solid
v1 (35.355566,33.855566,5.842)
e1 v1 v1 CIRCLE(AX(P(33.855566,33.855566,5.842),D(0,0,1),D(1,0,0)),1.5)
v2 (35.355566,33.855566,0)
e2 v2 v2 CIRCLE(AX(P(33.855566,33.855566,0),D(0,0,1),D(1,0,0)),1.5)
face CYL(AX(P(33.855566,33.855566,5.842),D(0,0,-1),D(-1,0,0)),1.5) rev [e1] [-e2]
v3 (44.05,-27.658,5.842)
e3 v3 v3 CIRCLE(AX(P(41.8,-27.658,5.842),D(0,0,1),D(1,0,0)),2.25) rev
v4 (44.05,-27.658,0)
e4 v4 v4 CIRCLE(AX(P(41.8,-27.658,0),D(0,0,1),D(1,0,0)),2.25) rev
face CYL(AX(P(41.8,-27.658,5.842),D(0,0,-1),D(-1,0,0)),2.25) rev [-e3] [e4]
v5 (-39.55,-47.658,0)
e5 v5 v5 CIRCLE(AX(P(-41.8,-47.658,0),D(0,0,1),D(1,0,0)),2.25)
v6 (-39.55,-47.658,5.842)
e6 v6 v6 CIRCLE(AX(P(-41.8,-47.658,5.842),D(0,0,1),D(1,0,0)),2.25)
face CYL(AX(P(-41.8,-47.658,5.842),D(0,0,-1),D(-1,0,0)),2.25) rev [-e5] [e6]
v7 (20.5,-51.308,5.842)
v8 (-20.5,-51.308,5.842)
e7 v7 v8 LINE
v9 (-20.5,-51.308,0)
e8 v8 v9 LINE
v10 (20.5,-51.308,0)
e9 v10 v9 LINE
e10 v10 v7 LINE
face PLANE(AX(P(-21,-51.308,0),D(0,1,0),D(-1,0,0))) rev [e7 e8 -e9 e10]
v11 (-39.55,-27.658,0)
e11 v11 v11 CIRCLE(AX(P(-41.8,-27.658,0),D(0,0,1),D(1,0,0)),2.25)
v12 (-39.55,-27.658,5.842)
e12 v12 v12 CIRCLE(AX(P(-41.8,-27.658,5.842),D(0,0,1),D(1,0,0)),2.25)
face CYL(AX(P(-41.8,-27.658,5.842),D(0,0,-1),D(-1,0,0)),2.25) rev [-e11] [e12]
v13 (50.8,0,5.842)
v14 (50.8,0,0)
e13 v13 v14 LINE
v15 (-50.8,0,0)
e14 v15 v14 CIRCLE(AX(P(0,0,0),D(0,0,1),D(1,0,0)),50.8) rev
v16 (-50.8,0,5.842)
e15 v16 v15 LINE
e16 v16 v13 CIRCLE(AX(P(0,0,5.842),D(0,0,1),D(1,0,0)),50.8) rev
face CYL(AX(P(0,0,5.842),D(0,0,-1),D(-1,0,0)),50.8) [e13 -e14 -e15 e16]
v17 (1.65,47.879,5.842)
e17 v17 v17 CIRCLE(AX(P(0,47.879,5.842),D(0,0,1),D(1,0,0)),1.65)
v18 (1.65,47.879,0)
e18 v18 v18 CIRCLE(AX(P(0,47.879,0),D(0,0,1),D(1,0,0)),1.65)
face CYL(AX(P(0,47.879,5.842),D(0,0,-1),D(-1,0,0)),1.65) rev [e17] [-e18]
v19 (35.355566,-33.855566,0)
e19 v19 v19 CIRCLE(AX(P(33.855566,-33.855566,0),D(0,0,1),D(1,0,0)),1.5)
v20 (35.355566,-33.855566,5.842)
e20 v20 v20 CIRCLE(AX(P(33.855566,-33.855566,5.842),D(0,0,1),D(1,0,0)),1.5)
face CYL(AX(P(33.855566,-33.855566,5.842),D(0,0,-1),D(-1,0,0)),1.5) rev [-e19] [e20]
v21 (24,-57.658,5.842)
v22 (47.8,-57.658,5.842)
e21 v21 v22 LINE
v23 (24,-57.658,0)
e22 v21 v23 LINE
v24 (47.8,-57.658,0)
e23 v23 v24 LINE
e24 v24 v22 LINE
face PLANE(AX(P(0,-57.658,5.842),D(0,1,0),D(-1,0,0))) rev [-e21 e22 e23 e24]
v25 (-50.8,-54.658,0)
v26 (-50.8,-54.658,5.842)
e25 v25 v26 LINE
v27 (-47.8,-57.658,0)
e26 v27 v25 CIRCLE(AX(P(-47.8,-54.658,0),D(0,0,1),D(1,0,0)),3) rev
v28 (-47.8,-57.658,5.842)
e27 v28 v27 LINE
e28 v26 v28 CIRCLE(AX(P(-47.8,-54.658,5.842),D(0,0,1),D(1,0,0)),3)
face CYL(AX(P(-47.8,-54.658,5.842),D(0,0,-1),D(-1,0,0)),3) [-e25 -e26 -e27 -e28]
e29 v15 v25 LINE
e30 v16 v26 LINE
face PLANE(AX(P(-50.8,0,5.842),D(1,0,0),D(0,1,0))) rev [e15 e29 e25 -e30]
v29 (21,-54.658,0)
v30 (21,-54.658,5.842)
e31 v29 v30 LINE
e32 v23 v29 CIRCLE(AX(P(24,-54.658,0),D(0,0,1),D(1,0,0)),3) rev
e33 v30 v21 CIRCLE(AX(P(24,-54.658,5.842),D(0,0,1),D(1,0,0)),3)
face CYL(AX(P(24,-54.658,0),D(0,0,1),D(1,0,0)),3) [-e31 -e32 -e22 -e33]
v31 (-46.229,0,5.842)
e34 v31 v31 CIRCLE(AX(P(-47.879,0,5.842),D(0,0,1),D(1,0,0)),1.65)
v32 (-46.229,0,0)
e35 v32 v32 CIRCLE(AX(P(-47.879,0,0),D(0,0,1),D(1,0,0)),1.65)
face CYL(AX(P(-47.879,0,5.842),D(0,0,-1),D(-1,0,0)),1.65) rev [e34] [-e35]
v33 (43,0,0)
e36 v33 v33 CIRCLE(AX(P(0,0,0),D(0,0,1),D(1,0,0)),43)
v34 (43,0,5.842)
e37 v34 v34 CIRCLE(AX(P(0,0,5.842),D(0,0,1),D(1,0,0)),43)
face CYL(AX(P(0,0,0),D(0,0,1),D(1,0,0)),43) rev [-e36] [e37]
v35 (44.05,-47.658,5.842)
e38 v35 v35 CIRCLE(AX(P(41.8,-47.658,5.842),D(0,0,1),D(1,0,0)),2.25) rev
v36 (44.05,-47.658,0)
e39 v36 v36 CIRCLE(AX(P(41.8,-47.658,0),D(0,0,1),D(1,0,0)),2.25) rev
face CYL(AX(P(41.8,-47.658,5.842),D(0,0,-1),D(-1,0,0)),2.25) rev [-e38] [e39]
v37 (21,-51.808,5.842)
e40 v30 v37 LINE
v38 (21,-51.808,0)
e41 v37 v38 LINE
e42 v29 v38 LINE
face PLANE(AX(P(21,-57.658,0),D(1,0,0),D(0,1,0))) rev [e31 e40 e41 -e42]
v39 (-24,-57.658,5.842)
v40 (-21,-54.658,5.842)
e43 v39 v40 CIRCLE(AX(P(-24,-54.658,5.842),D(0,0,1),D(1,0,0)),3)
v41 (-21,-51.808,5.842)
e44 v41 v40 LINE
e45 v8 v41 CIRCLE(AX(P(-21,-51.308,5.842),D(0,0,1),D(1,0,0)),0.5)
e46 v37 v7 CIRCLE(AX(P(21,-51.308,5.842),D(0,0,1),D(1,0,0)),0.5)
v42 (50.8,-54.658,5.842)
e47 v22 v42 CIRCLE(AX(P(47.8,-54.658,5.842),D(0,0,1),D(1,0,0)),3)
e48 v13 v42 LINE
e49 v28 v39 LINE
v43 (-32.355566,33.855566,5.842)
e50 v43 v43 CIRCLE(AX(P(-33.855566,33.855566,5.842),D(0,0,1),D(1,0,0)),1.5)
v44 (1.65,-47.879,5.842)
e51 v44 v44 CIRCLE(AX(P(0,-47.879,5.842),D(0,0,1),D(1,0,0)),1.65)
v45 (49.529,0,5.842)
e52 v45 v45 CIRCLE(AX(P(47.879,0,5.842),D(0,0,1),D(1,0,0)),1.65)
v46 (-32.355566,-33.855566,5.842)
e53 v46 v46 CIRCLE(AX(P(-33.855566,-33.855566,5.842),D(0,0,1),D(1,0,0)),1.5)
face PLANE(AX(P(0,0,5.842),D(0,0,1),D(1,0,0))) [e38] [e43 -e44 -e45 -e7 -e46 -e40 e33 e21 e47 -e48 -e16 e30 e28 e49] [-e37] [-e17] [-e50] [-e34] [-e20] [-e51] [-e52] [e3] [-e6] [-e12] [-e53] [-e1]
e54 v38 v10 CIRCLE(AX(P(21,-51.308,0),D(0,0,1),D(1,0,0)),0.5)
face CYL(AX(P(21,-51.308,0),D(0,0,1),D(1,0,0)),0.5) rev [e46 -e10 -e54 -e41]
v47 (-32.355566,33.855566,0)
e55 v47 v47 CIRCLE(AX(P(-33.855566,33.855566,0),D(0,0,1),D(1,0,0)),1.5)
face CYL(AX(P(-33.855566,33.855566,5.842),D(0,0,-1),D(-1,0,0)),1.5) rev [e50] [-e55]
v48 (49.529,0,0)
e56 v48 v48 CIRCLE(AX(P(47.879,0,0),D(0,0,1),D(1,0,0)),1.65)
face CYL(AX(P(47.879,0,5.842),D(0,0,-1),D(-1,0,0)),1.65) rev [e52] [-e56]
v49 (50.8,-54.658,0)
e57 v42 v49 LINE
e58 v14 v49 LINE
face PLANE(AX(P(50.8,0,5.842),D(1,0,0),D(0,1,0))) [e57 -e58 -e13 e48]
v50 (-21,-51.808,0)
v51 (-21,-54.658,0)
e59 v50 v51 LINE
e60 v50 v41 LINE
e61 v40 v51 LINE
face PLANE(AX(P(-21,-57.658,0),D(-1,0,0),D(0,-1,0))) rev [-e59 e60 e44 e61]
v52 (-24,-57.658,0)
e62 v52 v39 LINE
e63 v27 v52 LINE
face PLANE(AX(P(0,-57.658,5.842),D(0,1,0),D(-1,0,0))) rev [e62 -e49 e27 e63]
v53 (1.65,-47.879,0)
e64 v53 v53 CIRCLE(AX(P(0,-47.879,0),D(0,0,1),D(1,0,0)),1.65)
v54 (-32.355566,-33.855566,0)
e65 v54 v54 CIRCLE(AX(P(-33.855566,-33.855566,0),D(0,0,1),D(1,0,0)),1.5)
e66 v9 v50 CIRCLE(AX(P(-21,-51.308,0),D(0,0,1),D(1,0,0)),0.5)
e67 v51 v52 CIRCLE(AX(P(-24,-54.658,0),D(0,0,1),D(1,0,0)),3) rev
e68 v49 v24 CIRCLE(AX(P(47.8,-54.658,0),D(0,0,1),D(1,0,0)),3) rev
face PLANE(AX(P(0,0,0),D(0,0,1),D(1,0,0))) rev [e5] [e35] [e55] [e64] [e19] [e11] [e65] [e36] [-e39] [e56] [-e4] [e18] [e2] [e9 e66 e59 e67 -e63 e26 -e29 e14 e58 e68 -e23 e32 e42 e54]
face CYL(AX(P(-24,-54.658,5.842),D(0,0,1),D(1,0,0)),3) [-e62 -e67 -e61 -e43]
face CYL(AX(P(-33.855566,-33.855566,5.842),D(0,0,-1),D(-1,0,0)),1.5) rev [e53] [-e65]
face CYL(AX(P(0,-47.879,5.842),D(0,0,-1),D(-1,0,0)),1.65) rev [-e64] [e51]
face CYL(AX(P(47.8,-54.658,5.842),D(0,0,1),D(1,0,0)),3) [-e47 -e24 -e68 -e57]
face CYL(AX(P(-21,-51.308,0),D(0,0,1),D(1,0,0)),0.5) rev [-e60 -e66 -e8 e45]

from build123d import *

# Parameters (mm, degrees)
SKETCH1_R           = 2.25
SKETCH1_R_2         = 44.958
SKETCH1_R_3         = 1.65
SKETCH1_R_4         = 1.5
BOSS_EXTRUDE1_DEPTH = 5.842
SKETCH2_R           = 44.958
SKETCH2_R_2         = 43
BOSS_EXTRUDE2_DEPTH = 5.842
SKETCH3_W           = 42
SKETCH3_H           = 6.35
CUT_EXTRUDE1_DEPTH  = 78.066295668
SKETCH4_R           = 0.5
CUT_EXTRUDE2_DEPTH  = 78.066295668
FILLET1_R           = 3


with BuildPart() as part:
    # Sketch1 → Boss-Extrude1 (new body)
    with BuildSketch(Plane.XY):
        with BuildLine():
            Line((-50.8, 0), (-50.8, -57.658))
            Line((-50.8, -57.658), (50.8, -57.658))
            Line((50.8, -57.658), (50.8, 0))
            ThreePointArc((50.8, 0), (0, 50.8), (-50.8, 0))
        make_face()
        with Locations((41.8, -47.658)):
            Circle(SKETCH1_R, mode=Mode.SUBTRACT)
        Circle(SKETCH1_R_2, mode=Mode.SUBTRACT)
        with Locations((-47.879, 0)):
            Circle(SKETCH1_R_3, mode=Mode.SUBTRACT)
        with Locations((0, 47.879)):
            Circle(SKETCH1_R_3, mode=Mode.SUBTRACT)
        with Locations((41.8, -27.658)):
            Circle(SKETCH1_R, mode=Mode.SUBTRACT)
        with Locations((47.879, 0)):
            Circle(SKETCH1_R_3, mode=Mode.SUBTRACT)
        with Locations((0, -47.879)):
            Circle(SKETCH1_R_3, mode=Mode.SUBTRACT)
        with Locations((-33.855565576, 33.855565576)):
            Circle(SKETCH1_R_4, mode=Mode.SUBTRACT)
        with Locations((33.855565576, 33.855565576)):
            Circle(SKETCH1_R_4, mode=Mode.SUBTRACT)
        with Locations((33.855565576, -33.855565576)):
            Circle(SKETCH1_R_4, mode=Mode.SUBTRACT)
        with Locations((-33.855565576, -33.855565576)):
            Circle(SKETCH1_R_4, mode=Mode.SUBTRACT)
        with Locations((-41.8, -27.658)):
            Circle(SKETCH1_R, mode=Mode.SUBTRACT)
        with Locations((-41.8, -47.658)):
            Circle(SKETCH1_R, mode=Mode.SUBTRACT)
    extrude(amount=BOSS_EXTRUDE1_DEPTH)

    # Sketch2 → Boss-Extrude2 (add, through all)
    with BuildSketch(Plane.XY.offset(5.842)):
        Circle(SKETCH2_R)
        Circle(SKETCH2_R_2, mode=Mode.SUBTRACT)
    extrude(amount=-BOSS_EXTRUDE2_DEPTH)

    # Sketch3 → Cut-Extrude1 (cut, through all)
    with BuildSketch(Plane.XY.offset(5.842)):
        with Locations((0, -54.483)):
            Rectangle(SKETCH3_W, SKETCH3_H)
    extrude(amount=-CUT_EXTRUDE1_DEPTH, mode=Mode.SUBTRACT)

    # Sketch4 → Cut-Extrude2 (cut, through all)
    with BuildSketch(Plane.XY.offset(5.842)):
        with Locations((-21, -51.308)):
            Circle(SKETCH4_R)
        with Locations((21, -51.308)):
            Circle(SKETCH4_R)
    extrude(amount=-CUT_EXTRUDE2_DEPTH, mode=Mode.SUBTRACT)

    # Fillet1
    fillet1_edges = [part.edges().sort_by_distance(p)[0] for p in [
        (50.8, -57.658, 2.921),
        (-50.8, -57.658, 2.921),
        (-21, -57.658, 2.921),
        (21, -57.658, 2.921),
    ]]
    fillet(fillet1_edges, radius=FILLET1_R)


solid = part.part
